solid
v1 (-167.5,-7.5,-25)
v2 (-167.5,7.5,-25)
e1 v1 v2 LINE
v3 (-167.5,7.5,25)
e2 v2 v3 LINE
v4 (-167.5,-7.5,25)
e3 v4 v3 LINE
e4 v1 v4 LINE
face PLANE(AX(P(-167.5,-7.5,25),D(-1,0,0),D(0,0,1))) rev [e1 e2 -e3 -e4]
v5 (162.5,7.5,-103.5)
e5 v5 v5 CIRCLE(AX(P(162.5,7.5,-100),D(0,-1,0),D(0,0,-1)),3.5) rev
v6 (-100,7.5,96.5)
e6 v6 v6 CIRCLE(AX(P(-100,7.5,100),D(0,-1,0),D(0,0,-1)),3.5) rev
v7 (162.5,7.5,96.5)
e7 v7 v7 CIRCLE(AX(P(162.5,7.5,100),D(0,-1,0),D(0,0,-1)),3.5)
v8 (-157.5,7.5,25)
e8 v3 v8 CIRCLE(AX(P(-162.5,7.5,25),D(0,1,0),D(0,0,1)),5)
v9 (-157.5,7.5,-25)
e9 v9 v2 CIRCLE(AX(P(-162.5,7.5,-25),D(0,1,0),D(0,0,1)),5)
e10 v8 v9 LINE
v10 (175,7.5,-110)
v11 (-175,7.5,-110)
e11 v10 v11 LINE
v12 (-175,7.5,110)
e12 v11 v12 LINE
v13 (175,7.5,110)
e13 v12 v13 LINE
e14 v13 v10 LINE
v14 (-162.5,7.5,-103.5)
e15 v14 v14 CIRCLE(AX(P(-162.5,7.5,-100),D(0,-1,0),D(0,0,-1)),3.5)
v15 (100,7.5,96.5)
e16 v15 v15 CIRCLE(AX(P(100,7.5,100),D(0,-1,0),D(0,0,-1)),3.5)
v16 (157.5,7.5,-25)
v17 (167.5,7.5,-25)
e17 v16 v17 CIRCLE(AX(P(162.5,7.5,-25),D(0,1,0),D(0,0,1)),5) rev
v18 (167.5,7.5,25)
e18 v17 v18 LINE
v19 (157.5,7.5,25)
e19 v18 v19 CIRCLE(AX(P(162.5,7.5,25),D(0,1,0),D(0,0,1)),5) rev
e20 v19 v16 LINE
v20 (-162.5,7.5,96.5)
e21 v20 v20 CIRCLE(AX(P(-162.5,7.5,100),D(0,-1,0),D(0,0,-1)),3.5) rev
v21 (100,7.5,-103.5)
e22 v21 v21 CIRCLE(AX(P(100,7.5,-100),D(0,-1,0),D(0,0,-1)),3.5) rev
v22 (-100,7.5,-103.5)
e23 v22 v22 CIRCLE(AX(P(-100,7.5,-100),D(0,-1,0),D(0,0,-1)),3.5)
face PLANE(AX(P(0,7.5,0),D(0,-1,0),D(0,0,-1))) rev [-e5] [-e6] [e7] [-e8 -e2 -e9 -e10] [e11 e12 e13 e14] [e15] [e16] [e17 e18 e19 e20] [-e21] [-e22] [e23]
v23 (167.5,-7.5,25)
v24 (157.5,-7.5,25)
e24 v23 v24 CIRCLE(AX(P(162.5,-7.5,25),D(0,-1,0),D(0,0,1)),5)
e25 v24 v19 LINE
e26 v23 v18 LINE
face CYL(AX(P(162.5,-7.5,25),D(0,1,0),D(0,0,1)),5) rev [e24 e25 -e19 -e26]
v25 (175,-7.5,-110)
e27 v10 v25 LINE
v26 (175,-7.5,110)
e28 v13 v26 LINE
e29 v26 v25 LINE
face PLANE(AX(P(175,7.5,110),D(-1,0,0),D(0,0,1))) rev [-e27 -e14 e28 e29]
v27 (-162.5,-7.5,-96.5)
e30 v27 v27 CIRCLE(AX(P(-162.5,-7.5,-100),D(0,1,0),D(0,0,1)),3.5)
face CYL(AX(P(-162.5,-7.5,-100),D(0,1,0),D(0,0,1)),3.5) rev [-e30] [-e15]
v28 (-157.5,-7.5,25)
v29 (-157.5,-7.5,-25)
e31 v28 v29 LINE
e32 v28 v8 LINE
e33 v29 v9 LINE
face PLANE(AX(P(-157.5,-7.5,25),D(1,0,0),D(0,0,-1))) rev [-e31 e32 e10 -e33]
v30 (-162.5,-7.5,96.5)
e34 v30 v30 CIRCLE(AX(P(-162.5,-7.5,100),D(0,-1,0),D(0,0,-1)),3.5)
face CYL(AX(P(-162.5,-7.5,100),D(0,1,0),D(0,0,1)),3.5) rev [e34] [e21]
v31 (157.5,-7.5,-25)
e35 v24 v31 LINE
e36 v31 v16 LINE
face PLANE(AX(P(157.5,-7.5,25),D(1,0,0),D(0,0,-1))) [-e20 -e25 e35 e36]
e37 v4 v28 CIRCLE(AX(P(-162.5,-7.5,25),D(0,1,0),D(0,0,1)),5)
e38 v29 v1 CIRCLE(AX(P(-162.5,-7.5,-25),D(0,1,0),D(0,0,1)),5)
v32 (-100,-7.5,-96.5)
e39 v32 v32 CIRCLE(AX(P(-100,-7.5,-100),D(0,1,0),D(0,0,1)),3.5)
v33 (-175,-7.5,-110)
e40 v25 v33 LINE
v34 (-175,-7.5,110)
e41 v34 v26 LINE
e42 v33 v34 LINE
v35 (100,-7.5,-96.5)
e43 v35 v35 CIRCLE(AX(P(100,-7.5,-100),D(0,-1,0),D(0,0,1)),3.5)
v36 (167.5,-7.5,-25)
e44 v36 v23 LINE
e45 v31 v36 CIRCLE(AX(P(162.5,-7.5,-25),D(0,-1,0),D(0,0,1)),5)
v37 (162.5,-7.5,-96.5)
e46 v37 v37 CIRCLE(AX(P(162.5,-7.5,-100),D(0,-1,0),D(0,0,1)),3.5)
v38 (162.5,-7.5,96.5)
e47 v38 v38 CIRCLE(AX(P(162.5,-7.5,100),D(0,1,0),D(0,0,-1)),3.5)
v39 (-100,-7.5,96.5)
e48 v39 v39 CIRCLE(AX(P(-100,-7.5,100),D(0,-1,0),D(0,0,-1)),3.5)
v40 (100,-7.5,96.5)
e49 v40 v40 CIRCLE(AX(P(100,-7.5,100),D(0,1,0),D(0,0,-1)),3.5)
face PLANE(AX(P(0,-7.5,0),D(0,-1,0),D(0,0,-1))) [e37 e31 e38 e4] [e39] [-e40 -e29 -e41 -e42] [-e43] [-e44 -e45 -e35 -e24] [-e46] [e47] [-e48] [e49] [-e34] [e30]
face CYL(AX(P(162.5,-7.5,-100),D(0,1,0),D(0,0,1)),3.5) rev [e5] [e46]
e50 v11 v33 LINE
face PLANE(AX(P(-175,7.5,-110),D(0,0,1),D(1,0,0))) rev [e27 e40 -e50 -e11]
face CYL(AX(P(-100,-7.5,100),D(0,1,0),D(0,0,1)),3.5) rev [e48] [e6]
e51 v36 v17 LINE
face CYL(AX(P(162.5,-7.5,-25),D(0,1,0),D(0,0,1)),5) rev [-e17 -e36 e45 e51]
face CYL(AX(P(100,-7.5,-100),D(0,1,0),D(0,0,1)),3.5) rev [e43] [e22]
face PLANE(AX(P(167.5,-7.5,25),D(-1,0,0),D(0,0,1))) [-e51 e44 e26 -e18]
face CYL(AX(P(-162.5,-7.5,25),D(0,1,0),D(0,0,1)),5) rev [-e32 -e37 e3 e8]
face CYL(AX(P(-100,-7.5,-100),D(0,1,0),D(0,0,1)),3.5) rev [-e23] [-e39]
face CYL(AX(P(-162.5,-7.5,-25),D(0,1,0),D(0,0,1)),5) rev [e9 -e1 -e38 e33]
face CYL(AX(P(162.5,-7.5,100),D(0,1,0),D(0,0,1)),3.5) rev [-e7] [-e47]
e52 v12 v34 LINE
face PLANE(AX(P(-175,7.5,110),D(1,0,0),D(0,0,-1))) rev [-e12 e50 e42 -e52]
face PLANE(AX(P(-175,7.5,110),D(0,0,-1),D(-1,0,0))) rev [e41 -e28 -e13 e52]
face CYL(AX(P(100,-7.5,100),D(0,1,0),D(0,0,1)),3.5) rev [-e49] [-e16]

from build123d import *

# Parameters (mm, degrees)
SKETCH1_W               = 350
SKETCH1_H               = 220
BOSS_EXTRUDE1_DEPTH     = 7.5
SKETCH2_R               = 3.5
CUT_EXTRUDE1_DEPTH      = 208.243817761
MIRROR2_COPY_1_SKETCH_R = 3.5
MIRROR2_COPY_1_DEPTH    = 208.243817761
CUT_EXTRUDE2_DEPTH      = 208.243817761
SKETCH4_R               = 3.5
CUT_EXTRUDE5_DEPTH      = 208.243817761
MIRROR4_COPY_1_SKETCH_R = 3.5
MIRROR4_COPY_1_DEPTH    = 208.243817761


with BuildPart() as part:
    # Sketch1 → Boss-Extrude1 (new, symmetric)
    with BuildSketch(Plane(origin=(0, 0, 0), x_dir=(1, 0, 0), z_dir=(0, 1, 0))):
        Rectangle(SKETCH1_W, SKETCH1_H)
    extrude(amount=BOSS_EXTRUDE1_DEPTH, both=True)

    # Sketch2 → Cut-Extrude1 (cut, symmetric)
    with BuildSketch(Plane(origin=(0, 7.5, 0), x_dir=(1, 0, 0), z_dir=(0, 1, 0))):
        with Locations(Location((-100, 100, 0), (0, 0, 270))):
            Circle(SKETCH2_R)
    cut_extrude1 = extrude(amount=CUT_EXTRUDE1_DEPTH, both=True, mode=Mode.SUBTRACT)

    # Mirror1: Cut-Extrude1 across plane
    add(cut_extrude1.mirror(Plane.XY), mode=Mode.SUBTRACT)

    # Mirror2: Cut-Extrude1 across plane
    add(cut_extrude1.mirror(Plane(origin=(0, 0, 0), x_dir=(0, 0, 1), z_dir=(1, 0, 0))), mode=Mode.SUBTRACT)

    # Mirror2 copy 1 sketch → Mirror2 copy 1 (cut, symmetric)
    with BuildSketch(Plane(origin=(0, 7.5, 0), x_dir=(-1, 0, 0), z_dir=(0, 1, 0))):
        with Locations(Location((-100, 100, 0), (0, 0, 270))):
            Circle(MIRROR2_COPY_1_SKETCH_R)
    extrude(amount=MIRROR2_COPY_1_DEPTH, both=True, mode=Mode.SUBTRACT)

    # Sketch3 → Cut-Extrude2 (cut, symmetric)
    with BuildSketch(Plane(origin=(0, 7.5, 0), x_dir=(1, 0, 0), z_dir=(0, 1, 0))):
        with BuildLine():
            Line((-167.5, -25), (-167.5, 25))
            ThreePointArc((-167.5, 25), (-162.5, 30), (-157.5, 25))
            Line((-157.5, 25), (-157.5, -25))
            ThreePointArc((-157.5, -25), (-162.5, -30), (-167.5, -25))
        make_face()
    cut_extrude2 = extrude(amount=CUT_EXTRUDE2_DEPTH, both=True, mode=Mode.SUBTRACT)

    # Sketch4 → Cut-Extrude5 (cut, symmetric)
    with BuildSketch(Plane(origin=(0, 7.5, 0), x_dir=(1, 0, 0), z_dir=(0, 1, 0))):
        with Locations(Location((-162.5, 100, 0), (0, 0, 270))):
            Circle(SKETCH4_R)
    cut_extrude5 = extrude(amount=CUT_EXTRUDE5_DEPTH, both=True, mode=Mode.SUBTRACT)

    # Mirror3: Cut-Extrude5 across plane
    add(cut_extrude5.mirror(Plane.XY), mode=Mode.SUBTRACT)

    # Mirror4: Cut-Extrude5 across plane
    add(cut_extrude5.mirror(Plane(origin=(0, 0, 0), x_dir=(0, 0, 1), z_dir=(1, 0, 0))), mode=Mode.SUBTRACT)

    # Mirror4 copy 1 sketch → Mirror4 copy 1 (cut, symmetric)
    with BuildSketch(Plane(origin=(0, 7.5, 0), x_dir=(-1, 0, 0), z_dir=(0, 1, 0))):
        with Locations(Location((-162.5, 100, 0), (0, 0, 270))):
            Circle(MIRROR4_COPY_1_SKETCH_R)
    extrude(amount=MIRROR4_COPY_1_DEPTH, both=True, mode=Mode.SUBTRACT)

    # Mirror5: Cut-Extrude2 across plane
    add(cut_extrude2.mirror(Plane(origin=(0, 0, 0), x_dir=(0, 0, 1), z_dir=(1, 0, 0))), mode=Mode.SUBTRACT)


solid = part.part
